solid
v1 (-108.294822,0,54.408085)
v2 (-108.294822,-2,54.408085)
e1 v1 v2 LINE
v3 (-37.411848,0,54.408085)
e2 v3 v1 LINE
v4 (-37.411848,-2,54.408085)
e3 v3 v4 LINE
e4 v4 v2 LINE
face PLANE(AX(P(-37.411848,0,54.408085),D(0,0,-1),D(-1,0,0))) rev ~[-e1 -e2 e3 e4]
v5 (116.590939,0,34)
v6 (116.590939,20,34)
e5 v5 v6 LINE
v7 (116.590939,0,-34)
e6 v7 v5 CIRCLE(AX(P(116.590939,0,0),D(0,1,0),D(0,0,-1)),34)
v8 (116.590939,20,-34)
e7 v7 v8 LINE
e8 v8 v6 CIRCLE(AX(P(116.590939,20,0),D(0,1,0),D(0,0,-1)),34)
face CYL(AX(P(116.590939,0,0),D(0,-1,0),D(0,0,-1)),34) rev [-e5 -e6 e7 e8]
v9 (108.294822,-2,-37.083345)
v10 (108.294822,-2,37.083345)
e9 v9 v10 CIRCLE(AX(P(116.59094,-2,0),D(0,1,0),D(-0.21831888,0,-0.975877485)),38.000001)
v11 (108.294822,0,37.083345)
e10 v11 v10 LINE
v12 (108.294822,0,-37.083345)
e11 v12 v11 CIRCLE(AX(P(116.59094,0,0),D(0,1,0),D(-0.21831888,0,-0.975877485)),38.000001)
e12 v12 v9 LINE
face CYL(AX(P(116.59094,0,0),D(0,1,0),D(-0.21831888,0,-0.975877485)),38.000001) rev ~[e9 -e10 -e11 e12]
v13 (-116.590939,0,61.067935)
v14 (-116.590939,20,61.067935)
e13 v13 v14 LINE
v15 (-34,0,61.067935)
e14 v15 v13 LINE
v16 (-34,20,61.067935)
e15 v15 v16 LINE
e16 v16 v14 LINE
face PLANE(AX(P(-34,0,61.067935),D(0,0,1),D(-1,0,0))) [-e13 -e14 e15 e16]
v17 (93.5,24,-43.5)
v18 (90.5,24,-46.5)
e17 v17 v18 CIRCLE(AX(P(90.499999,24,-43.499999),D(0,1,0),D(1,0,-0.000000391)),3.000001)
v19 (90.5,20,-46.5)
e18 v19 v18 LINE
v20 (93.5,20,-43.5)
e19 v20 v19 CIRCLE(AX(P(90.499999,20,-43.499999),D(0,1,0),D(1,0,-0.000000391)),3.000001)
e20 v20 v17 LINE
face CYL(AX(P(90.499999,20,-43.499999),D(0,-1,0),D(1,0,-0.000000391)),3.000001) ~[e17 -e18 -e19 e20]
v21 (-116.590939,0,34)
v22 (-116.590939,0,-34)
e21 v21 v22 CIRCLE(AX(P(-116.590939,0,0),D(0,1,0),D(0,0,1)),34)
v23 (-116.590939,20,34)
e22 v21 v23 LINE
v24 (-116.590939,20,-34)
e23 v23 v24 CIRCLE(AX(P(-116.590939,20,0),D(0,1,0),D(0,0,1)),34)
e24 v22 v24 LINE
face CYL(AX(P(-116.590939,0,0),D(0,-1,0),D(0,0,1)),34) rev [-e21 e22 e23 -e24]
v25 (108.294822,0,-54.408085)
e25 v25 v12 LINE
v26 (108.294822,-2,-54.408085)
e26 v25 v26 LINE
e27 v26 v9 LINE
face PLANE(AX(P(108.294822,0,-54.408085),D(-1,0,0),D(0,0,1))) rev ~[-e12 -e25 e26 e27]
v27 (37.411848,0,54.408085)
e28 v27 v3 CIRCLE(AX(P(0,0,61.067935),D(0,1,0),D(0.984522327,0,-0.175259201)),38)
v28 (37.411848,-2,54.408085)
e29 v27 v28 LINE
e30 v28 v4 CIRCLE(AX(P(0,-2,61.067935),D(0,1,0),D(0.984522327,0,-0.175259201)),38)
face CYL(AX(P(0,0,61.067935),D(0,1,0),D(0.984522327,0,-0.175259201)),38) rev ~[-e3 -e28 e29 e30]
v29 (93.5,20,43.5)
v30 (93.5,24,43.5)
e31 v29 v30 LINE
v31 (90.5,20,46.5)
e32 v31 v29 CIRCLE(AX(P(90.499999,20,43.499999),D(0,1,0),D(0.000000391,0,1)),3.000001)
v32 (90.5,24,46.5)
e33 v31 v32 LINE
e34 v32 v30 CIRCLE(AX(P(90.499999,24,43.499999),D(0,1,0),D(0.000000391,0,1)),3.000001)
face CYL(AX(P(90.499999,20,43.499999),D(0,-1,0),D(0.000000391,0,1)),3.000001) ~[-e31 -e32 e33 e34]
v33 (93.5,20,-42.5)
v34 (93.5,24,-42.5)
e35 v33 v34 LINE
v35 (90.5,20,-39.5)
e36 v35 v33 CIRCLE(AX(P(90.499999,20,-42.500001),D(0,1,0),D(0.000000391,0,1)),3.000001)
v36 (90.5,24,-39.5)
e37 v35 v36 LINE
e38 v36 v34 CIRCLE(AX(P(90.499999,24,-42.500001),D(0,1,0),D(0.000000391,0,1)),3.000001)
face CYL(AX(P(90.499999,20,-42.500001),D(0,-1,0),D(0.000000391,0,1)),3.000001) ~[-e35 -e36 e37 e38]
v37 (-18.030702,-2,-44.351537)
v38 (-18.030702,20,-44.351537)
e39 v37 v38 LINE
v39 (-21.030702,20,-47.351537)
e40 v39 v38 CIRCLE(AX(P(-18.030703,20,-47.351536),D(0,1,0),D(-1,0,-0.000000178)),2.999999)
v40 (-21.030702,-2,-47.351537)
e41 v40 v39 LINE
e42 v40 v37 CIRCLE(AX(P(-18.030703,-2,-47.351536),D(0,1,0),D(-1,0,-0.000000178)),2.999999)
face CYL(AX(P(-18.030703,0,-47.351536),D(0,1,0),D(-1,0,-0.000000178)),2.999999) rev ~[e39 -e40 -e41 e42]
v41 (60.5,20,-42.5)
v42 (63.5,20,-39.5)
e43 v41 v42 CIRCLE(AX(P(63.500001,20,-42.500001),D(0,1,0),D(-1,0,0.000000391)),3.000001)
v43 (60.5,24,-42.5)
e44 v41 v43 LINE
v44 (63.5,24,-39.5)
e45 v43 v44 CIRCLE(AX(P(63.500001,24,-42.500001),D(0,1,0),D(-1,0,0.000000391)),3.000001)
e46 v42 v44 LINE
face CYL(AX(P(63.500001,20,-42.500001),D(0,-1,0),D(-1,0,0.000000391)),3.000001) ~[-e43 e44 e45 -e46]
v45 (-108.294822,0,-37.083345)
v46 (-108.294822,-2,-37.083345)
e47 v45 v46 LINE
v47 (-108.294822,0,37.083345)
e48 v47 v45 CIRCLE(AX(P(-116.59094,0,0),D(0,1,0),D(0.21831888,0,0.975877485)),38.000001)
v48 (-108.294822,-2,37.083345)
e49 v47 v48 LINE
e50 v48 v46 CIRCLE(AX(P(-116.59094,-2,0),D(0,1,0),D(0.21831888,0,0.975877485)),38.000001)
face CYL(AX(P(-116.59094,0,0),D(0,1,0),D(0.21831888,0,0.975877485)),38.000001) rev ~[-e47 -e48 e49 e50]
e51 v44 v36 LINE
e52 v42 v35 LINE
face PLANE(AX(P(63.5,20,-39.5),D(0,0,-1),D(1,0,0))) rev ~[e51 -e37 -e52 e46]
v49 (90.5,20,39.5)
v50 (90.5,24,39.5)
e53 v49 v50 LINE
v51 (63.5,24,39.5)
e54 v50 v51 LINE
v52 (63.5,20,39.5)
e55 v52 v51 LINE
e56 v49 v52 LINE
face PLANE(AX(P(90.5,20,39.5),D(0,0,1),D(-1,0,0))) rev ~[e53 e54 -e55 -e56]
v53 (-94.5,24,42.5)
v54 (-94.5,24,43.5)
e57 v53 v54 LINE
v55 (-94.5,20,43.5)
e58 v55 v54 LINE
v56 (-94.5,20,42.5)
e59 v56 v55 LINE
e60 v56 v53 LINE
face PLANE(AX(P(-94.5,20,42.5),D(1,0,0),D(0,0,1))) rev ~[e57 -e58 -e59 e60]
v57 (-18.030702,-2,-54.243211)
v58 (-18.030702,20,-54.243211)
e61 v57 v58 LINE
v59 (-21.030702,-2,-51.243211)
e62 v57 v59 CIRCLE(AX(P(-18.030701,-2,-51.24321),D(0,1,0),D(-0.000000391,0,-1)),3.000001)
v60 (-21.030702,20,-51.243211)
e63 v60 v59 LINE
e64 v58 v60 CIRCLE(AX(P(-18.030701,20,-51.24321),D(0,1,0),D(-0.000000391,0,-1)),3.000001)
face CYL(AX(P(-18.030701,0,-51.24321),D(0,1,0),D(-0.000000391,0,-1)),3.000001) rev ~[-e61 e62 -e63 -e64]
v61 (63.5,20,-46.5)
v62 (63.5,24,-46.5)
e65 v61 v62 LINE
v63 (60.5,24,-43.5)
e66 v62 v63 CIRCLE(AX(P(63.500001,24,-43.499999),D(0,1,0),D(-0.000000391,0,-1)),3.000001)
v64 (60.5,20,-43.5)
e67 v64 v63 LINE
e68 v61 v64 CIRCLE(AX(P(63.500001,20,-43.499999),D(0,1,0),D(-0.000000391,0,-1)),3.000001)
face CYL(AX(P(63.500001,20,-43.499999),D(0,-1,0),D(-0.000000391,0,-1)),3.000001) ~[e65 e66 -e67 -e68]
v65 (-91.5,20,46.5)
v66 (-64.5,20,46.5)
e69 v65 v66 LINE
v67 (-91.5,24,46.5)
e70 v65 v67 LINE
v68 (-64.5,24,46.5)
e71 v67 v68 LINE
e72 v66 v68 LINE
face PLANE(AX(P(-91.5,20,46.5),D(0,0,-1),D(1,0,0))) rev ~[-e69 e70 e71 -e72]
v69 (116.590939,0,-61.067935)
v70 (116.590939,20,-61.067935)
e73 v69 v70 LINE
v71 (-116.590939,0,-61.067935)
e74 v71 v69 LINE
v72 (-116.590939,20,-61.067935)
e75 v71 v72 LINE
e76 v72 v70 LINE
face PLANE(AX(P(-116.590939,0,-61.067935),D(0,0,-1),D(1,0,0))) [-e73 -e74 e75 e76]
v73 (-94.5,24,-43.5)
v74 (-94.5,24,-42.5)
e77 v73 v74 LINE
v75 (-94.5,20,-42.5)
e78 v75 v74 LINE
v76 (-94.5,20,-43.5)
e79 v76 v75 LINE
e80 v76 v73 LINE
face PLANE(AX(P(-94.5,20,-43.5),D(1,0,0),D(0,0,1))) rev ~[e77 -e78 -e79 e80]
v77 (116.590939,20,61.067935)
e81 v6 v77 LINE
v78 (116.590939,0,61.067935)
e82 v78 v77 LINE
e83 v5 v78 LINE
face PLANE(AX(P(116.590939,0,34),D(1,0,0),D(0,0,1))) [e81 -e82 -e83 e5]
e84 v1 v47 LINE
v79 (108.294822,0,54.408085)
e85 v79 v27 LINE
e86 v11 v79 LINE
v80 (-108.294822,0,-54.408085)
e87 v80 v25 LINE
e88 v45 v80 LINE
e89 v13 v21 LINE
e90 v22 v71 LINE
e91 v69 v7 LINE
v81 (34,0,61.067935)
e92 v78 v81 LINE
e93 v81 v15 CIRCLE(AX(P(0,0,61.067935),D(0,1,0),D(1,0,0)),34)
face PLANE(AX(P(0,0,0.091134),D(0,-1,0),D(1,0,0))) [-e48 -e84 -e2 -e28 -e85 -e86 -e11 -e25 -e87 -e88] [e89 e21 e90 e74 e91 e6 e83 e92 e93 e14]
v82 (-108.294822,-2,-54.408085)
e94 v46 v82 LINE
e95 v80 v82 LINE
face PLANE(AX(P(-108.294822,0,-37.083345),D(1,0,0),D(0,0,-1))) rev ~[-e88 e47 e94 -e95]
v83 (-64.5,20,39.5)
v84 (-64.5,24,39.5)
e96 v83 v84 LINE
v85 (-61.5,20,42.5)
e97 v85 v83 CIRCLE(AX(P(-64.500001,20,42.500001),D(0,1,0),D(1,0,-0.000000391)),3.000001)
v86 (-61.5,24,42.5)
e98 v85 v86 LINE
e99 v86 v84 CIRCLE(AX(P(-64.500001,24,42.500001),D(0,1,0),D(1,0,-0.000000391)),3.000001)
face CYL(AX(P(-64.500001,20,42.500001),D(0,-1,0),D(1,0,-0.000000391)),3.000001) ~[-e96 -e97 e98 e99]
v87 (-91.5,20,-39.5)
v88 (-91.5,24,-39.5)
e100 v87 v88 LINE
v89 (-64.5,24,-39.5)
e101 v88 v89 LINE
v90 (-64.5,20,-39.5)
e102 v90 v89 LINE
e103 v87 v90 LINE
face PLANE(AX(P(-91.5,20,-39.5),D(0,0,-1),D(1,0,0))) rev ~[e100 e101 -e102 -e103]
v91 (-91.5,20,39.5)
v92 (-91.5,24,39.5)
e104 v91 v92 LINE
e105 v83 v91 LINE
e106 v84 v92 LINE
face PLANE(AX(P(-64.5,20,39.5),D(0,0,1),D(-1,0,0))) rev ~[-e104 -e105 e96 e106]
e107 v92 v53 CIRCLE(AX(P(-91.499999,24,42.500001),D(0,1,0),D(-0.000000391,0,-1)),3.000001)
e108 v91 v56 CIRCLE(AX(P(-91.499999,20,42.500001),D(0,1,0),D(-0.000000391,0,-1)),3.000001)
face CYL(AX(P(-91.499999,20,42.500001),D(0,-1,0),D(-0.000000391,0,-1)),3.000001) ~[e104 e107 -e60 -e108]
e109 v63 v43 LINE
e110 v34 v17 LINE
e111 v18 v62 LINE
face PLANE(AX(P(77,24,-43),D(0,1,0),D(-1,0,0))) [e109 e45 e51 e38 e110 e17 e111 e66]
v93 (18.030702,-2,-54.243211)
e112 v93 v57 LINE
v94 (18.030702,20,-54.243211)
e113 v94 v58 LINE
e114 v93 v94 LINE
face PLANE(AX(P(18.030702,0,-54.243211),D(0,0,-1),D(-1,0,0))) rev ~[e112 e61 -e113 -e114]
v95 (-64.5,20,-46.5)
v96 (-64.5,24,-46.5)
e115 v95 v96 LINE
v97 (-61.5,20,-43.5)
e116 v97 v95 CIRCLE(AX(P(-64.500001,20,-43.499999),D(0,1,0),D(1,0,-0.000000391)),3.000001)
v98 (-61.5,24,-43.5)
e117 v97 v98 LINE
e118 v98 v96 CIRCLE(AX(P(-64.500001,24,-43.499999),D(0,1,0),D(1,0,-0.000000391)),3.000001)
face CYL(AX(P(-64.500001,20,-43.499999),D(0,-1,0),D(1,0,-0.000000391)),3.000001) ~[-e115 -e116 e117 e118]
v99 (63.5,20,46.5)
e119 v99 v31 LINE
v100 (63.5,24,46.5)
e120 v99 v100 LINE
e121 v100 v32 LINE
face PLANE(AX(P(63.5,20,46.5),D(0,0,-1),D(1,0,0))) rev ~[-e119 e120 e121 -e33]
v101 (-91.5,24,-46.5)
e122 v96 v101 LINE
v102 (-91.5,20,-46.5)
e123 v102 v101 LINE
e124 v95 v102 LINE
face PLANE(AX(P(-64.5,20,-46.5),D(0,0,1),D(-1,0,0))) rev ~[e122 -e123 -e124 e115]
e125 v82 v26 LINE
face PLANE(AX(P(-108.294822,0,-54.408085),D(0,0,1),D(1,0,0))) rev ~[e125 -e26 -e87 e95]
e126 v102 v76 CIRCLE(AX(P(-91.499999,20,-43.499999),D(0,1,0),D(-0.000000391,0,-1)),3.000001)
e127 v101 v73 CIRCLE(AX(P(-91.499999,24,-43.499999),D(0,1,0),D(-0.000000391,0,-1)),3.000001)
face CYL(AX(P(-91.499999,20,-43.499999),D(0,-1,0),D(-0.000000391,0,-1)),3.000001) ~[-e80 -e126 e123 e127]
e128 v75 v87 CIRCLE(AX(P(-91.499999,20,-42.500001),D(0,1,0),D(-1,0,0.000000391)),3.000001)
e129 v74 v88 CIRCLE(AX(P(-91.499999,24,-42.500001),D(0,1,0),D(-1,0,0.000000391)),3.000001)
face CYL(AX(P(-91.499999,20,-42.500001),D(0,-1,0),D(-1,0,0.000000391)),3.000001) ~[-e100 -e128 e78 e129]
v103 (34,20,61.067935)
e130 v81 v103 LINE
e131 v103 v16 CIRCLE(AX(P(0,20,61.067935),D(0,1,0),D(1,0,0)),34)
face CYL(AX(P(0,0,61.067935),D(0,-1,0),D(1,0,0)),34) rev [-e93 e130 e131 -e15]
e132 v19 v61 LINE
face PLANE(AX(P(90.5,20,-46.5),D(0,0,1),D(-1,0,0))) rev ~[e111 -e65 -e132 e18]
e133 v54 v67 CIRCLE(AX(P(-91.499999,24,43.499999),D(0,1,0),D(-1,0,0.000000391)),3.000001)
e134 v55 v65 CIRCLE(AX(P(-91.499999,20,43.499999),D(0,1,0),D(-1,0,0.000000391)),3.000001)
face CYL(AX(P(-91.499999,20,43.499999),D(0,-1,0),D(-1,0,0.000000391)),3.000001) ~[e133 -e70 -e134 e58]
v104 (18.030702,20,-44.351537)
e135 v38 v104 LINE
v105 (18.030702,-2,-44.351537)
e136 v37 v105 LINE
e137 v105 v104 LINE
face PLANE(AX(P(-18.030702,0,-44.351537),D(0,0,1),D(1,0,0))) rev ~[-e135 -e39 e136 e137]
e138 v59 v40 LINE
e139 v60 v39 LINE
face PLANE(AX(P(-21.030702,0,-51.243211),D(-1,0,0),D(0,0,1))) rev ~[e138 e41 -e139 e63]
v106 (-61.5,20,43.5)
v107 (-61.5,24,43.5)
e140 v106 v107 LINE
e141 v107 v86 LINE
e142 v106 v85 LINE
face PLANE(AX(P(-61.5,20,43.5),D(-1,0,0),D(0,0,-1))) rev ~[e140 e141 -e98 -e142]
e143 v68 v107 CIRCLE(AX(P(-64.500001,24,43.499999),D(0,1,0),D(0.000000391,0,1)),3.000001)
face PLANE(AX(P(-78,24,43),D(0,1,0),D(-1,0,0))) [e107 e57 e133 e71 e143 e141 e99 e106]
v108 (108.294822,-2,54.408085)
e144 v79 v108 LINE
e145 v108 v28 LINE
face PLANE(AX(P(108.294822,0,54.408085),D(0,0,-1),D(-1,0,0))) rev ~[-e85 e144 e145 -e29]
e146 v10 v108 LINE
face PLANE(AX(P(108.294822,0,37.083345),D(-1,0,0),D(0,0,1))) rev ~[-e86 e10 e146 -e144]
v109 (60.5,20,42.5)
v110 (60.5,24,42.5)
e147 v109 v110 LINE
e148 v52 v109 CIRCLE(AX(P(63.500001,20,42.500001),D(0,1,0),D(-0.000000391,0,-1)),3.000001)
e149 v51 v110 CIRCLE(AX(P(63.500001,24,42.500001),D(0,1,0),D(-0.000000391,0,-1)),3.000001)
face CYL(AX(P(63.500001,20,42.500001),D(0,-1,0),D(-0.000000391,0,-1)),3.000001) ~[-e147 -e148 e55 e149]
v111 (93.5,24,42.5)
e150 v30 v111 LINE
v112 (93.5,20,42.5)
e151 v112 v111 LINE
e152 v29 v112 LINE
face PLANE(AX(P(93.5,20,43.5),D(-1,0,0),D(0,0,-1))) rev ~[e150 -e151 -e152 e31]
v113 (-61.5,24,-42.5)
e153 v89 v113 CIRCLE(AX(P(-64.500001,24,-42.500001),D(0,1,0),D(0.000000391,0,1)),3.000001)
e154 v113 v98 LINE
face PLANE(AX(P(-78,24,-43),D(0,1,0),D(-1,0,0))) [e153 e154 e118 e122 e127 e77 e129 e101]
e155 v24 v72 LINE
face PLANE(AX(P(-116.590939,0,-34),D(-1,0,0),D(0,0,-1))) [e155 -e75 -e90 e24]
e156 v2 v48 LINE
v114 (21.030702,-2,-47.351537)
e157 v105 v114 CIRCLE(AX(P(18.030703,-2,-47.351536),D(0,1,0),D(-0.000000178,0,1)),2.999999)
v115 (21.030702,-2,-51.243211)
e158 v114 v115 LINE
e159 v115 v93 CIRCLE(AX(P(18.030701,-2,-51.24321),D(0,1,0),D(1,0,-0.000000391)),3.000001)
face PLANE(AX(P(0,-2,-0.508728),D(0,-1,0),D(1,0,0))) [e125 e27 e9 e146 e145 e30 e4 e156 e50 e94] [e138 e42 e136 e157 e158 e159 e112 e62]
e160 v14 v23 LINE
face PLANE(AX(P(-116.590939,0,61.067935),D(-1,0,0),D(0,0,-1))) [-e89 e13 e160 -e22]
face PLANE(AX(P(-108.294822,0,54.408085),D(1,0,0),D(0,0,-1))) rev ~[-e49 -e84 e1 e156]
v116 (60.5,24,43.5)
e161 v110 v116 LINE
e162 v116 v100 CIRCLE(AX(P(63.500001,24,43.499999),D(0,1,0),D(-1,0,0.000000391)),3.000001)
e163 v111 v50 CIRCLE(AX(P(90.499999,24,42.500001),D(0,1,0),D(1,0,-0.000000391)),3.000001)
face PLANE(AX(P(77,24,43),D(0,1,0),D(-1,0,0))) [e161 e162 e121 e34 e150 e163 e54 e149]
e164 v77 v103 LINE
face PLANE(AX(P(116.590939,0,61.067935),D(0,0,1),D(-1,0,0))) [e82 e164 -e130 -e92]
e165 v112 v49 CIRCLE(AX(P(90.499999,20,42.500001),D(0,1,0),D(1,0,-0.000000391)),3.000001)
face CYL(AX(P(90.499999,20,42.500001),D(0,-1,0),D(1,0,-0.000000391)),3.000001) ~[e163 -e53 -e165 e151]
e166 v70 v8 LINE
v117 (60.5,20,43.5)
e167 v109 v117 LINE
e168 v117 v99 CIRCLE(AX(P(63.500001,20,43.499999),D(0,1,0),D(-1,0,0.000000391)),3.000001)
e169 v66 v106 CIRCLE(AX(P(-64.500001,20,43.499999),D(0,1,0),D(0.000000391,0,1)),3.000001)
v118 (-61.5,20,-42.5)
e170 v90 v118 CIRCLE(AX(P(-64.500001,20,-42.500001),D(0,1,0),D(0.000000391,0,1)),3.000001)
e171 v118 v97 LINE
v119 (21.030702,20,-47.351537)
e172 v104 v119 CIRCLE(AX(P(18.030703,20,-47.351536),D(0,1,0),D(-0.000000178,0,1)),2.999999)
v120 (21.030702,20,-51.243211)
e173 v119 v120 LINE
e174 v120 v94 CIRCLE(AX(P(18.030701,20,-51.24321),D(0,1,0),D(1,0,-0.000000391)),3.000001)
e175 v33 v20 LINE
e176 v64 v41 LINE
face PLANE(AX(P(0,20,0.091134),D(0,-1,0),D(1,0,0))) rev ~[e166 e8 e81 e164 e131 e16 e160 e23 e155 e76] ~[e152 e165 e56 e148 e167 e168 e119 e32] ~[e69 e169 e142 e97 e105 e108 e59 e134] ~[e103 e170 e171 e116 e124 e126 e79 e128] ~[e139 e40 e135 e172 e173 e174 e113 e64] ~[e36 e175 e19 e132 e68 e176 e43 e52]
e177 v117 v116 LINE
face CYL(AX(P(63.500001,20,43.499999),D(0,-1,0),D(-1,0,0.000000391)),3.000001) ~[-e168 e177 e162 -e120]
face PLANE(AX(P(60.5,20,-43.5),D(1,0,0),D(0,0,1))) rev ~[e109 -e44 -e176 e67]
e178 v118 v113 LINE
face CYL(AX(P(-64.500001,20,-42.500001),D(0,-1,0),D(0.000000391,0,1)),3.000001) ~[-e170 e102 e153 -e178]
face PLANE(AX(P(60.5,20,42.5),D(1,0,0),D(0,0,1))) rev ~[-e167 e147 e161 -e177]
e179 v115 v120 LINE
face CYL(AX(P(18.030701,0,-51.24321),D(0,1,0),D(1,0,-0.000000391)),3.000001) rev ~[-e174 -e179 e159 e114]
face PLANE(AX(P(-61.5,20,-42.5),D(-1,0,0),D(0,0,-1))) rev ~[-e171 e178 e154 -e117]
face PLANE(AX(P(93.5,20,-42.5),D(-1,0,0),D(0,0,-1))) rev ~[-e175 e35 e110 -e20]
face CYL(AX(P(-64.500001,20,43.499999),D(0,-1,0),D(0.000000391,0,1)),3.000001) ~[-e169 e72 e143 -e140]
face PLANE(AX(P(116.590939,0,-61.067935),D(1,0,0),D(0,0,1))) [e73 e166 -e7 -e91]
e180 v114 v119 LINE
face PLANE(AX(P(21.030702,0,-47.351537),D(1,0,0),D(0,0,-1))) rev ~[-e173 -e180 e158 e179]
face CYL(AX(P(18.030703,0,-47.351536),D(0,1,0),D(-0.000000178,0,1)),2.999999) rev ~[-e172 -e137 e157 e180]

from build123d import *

# Parameters (mm, degrees)
F1_DEPTH = 20
F3_DEPTH = 2
F5_DEPTH = 4
F6_DEPTH = 4


with BuildPart() as f1:
    # F0 (on Front) → F1 (new body)
    with BuildSketch(Plane.XZ):
        with BuildLine():
            Line((116.590939, 34), (116.590939, 61.067935))
            Line((116.590939, 61.067935), (34, 61.067935))
            ThreePointArc((34, 61.067935), (0, 27.067935), (-34, 61.067935))
            Line((-34, 61.067935), (-116.590939, 61.067935))
            Line((-116.590939, 61.067935), (-116.590939, 34))
            ThreePointArc((-116.590939, 34), (-82.590939, 0), (-116.590939, -34))
            Line((-116.590939, -34), (-116.590939, -61.067935))
            Line((-116.590939, -61.067935), (34, -61.067935))
            Line((34, -61.067935), (116.590939, -61.067935))
            Line((116.590939, -61.067935), (116.590939, -34))
            ThreePointArc((116.590939, -34), (82.590939, 0), (116.590939, 34))
        make_face()
        with BuildLine():
            Line((-18.030702, -44.351537), (18.030702, -44.351537))
            ThreePointArc((18.030702, -44.351537), (20.152022, -45.230216), (21.030702, -47.351537))
            Line((21.030702, -47.351537), (21.030702, -51.243211))
            ThreePointArc((21.030702, -51.243211), (20.152022, -53.364531), (18.030702, -54.243211))
            Line((18.030702, -54.243211), (-18.030702, -54.243211))
            ThreePointArc((-18.030702, -54.243211), (-20.152022, -53.364531), (-21.030702, -51.243211))
            Line((-21.030702, -51.243211), (-21.030702, -47.351537))
            ThreePointArc((-21.030702, -47.351537), (-20.152022, -45.230216), (-18.030702, -44.351537))
        make_face(mode=Mode.SUBTRACT)
    extrude(amount=-F1_DEPTH)

    # F2 (on face) → F3 (join)
    with BuildSketch(Plane.XZ):
        with BuildLine():
            Line((108.294822, 37.083345), (108.294822, 54.408085))
            Line((108.294822, 54.408085), (37.411848, 54.408085))
            ThreePointArc((37.411848, 54.408085), (0, 23.067935), (-37.411848, 54.408085))
            Line((-37.411848, 54.408085), (-108.294822, 54.408085))
            Line((-108.294822, 54.408085), (-108.294822, 37.083345))
            ThreePointArc((-108.294822, 37.083345), (-78.590939, 0), (-108.294822, -37.083345))
            Line((-108.294822, -37.083345), (-108.294822, -54.408085))
            Line((-108.294822, -54.408085), (108.294822, -54.408085))
            Line((108.294822, -54.408085), (108.294822, -37.083345))
            ThreePointArc((108.294822, -37.083345), (78.590939, 0), (108.294822, 37.083345))
        make_face()
        with BuildLine():
            Line((-21.030702, -51.243211), (-21.030702, -47.351537))
            ThreePointArc((-21.030702, -47.351537), (-20.152022, -45.230216), (-18.030702, -44.351537))
            Line((-18.030702, -44.351537), (18.030702, -44.351537))
            ThreePointArc((18.030702, -44.351537), (20.152022, -45.230216), (21.030702, -47.351537))
            Line((21.030702, -47.351537), (21.030702, -51.243211))
            ThreePointArc((21.030702, -51.243211), (20.152022, -53.364531), (18.030702, -54.243211))
            Line((18.030702, -54.243211), (-18.030702, -54.243211))
            ThreePointArc((-18.030702, -54.243211), (-20.152022, -53.364531), (-21.030702, -51.243211))
        make_face(mode=Mode.SUBTRACT)
    extrude(amount=F3_DEPTH)

    # F4 (on face) → F5 (join)
    with BuildSketch(Plane(origin=(0, 20, 0), x_dir=(-1, 0, 0), z_dir=(0, 1, 0))):
        with BuildLine():
            ThreePointArc((-60.5, 43.5), (-61.37868, 45.62132), (-63.5, 46.5))
            Line((-63.5, 46.5), (-90.5, 46.5))
            ThreePointArc((-90.5, 46.5), (-92.62132, 45.62132), (-93.5, 43.5))
            Line((-93.5, 43.5), (-93.5, 42.5))
            ThreePointArc((-93.5, 42.5), (-92.62132, 40.37868), (-90.5, 39.5))
            Line((-90.5, 39.5), (-63.5, 39.5))
            ThreePointArc((-63.5, 39.5), (-61.37868, 40.37868), (-60.5, 42.5))
            Line((-60.5, 42.5), (-60.5, 43.5))
        make_face()
    extrude(amount=F5_DEPTH)

    # F4 (on face) → F6 (join)
    with BuildSketch(Plane(origin=(0, 20, 0), x_dir=(-1, 0, 0), z_dir=(0, 1, 0))):
        with BuildLine():
            ThreePointArc((-60.5, 43.5), (-61.37868, 45.62132), (-63.5, 46.5))
            Line((-63.5, 46.5), (-90.5, 46.5))
            ThreePointArc((-90.5, 46.5), (-92.62132, 45.62132), (-93.5, 43.5))
            Line((-93.5, 43.5), (-93.5, 42.5))
            ThreePointArc((-93.5, 42.5), (-92.62132, 40.37868), (-90.5, 39.5))
            Line((-90.5, 39.5), (-63.5, 39.5))
            ThreePointArc((-63.5, 39.5), (-61.37868, 40.37868), (-60.5, 42.5))
            Line((-60.5, 42.5), (-60.5, 43.5))
        make_face()
        with BuildLine():
            ThreePointArc((-60.5, -42.5), (-61.37868, -40.37868), (-63.5, -39.5))
            Line((-63.5, -39.5), (-90.5, -39.5))
            ThreePointArc((-90.5, -39.5), (-92.62132, -40.37868), (-93.5, -42.5))
            Line((-93.5, -42.5), (-93.5, -43.5))
            ThreePointArc((-93.5, -43.5), (-92.62132, -45.62132), (-90.5, -46.5))
            Line((-90.5, -46.5), (-63.5, -46.5))
            ThreePointArc((-63.5, -46.5), (-61.37868, -45.62132), (-60.5, -43.5))
            Line((-60.5, -43.5), (-60.5, -42.5))
        make_face()
        with BuildLine():
            Line((91.5, 46.5), (64.5, 46.5))
            ThreePointArc((64.5, 46.5), (62.37868, 45.62132), (61.5, 43.5))
            Line((61.5, 43.5), (61.5, 42.5))
            ThreePointArc((61.5, 42.5), (62.37868, 40.37868), (64.5, 39.5))
            Line((64.5, 39.5), (91.5, 39.5))
            ThreePointArc((91.5, 39.5), (93.62132, 40.37868), (94.5, 42.5))
            Line((94.5, 42.5), (94.5, 43.5))
            ThreePointArc((94.5, 43.5), (93.62132, 45.62132), (91.5, 46.5))
        make_face()
        with BuildLine():
            Line((91.5, -39.5), (64.5, -39.5))
            ThreePointArc((64.5, -39.5), (62.37868, -40.37868), (61.5, -42.5))
            Line((61.5, -42.5), (61.5, -43.5))
            ThreePointArc((61.5, -43.5), (62.37868, -45.62132), (64.5, -46.5))
            Line((64.5, -46.5), (91.5, -46.5))
            ThreePointArc((91.5, -46.5), (93.62132, -45.62132), (94.5, -43.5))
            Line((94.5, -43.5), (94.5, -42.5))
            ThreePointArc((94.5, -42.5), (93.62132, -40.37868), (91.5, -39.5))
        make_face()
    extrude(amount=F6_DEPTH)


solid = f1.part
